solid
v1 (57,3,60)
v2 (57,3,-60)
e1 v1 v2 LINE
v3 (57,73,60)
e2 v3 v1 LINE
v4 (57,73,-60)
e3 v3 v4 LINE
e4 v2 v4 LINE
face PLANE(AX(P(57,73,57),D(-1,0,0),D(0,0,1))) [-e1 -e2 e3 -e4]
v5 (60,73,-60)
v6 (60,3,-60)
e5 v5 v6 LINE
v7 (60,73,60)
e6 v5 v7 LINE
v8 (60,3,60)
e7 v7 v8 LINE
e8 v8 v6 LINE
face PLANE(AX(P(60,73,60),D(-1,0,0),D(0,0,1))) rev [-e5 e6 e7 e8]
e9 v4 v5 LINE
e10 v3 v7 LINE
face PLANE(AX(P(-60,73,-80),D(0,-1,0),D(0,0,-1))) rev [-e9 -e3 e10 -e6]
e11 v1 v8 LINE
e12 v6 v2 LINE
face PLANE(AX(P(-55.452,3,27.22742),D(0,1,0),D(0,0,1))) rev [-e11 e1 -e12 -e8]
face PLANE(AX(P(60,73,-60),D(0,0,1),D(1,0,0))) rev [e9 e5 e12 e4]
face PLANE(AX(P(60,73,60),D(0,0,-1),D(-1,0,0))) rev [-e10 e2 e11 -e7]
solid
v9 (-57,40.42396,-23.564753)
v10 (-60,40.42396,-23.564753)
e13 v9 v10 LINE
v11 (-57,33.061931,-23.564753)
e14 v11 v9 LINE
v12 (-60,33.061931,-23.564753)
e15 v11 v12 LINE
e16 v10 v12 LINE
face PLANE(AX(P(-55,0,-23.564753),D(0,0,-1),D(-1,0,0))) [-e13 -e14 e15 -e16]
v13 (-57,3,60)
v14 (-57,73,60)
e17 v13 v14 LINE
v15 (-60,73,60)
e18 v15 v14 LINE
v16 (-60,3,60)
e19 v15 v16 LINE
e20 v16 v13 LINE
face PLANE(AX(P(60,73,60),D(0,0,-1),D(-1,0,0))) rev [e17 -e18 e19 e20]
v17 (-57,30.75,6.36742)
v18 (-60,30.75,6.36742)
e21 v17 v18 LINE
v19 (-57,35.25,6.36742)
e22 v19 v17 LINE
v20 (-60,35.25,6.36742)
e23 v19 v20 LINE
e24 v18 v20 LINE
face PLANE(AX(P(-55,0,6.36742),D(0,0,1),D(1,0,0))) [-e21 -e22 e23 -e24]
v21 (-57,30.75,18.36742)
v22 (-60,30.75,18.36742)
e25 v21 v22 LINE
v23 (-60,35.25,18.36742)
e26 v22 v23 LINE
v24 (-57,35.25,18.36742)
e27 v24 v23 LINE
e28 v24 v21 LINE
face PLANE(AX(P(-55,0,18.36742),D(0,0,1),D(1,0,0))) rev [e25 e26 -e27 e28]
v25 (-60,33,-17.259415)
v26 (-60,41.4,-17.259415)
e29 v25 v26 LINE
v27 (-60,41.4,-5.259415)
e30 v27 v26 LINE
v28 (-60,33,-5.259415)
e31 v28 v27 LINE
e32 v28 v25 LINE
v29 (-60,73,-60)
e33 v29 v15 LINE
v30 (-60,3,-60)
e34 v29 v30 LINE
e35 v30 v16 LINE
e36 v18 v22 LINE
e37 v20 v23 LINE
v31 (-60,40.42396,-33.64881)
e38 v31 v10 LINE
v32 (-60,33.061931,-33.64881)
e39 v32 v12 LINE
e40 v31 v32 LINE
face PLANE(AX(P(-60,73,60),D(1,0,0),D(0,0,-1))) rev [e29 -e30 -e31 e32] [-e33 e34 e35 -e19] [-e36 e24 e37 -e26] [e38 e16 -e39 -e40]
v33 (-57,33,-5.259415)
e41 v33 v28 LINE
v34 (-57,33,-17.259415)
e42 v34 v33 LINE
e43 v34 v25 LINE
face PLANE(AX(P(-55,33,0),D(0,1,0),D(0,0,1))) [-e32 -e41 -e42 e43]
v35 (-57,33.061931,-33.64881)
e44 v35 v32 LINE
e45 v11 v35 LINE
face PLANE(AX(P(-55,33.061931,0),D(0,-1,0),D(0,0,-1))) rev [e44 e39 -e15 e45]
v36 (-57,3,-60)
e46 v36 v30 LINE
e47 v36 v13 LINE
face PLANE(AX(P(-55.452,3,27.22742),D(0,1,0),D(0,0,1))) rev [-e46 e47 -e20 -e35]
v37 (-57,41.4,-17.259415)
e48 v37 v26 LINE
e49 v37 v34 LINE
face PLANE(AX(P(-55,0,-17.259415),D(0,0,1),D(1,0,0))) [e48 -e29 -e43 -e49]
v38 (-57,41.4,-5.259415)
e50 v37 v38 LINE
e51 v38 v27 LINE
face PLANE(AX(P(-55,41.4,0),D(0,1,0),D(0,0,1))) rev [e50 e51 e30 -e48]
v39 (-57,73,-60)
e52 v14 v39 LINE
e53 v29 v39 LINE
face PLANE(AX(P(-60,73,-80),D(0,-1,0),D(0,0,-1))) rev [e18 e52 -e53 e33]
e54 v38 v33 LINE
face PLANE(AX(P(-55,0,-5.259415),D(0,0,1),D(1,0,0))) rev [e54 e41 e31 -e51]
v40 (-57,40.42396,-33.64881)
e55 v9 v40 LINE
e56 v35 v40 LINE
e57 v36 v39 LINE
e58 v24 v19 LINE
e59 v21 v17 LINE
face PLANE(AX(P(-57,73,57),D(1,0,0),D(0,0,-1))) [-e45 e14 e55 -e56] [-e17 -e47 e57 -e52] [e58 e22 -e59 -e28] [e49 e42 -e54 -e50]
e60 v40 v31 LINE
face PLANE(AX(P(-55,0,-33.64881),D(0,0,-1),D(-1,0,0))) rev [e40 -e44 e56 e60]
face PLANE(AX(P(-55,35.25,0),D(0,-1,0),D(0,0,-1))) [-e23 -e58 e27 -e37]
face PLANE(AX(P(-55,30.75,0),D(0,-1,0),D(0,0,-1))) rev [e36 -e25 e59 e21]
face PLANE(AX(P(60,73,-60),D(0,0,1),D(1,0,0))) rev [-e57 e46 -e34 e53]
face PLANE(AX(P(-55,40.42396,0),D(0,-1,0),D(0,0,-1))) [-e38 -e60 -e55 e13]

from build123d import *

# Parameters (mm, degrees)
SKETCH1_W           = 140
SKETCH1_H           = 160
BOSS_EXTRUDE1_DEPTH = 3
SKETCH2_W           = 120
SKETCH2_H           = 120
SKETCH2_W_2         = 114
SKETCH2_H_2         = 114
BOSS_EXTRUDE2_DEPTH = 70
SKETCH4_W           = 120
SKETCH4_H           = 120
BOSS_EXTRUDE4_DEPTH = 3
SKETCH5_R           = 2.1
SKETCH5_W           = 39.9
SKETCH5_H           = 19.71
CUT_EXTRUDE2_DEPTH  = 3
SKETCH6_W           = 18.298163042
SKETCH6_H           = 17.309993256
CUT_EXTRUDE3_DEPTH  = 3
CUT_EXTRUDE8_DEPTH  = 5
SKETCH15_W          = 259.021634325
SKETCH15_H          = 180.269434884
BOSS_EXTRUDE5_DEPTH = 3
SKETCH18_R          = 1.6
CUT_EXTRUDE9_DEPTH  = 10
SKETCH19_W          = 12
SKETCH19_H          = 4.5
SKETCH19_H_2        = 8.4
SKETCH19_W_2        = 10.084057066
SKETCH19_H_3        = 7.362028533
CUT_EXTRUDE11_DEPTH = 5
SKETCH20_W          = 263.921538054
SKETCH20_H          = 19.630552878
SKETCH20_W_2        = 120
SKETCH20_H_2        = 3
CUT_EXTRUDE12_DEPTH = 233.259150239
SKETCH21_W          = 259.021634325
SKETCH21_H          = 40.269434884
CUT_EXTRUDE13_DEPTH = 209.619923406
SKETCH22_W          = 114
SKETCH22_H          = 125.782417664
CUT_EXTRUDE14_DEPTH = 111


with BuildPart() as part:
    # Sketch1 → Boss-Extrude1 (new body)
    with BuildSketch(Plane(origin=(0, 0, 0), x_dir=(1, 0, 0), z_dir=(0, 1, 0))):
        Rectangle(SKETCH1_W, SKETCH1_H)
    extrude(amount=BOSS_EXTRUDE1_DEPTH)

    # Sketch2 → Boss-Extrude2 (add)
    with BuildSketch(Plane(origin=(0, 3, 0), x_dir=(1, 0, 0), z_dir=(0, 1, 0))):
        Rectangle(SKETCH2_W, SKETCH2_H)
        Rectangle(SKETCH2_W_2, SKETCH2_H_2, mode=Mode.SUBTRACT)
    extrude(amount=BOSS_EXTRUDE2_DEPTH)

    # Sketch4 → Boss-Extrude4 (add)
    with BuildSketch(Plane(origin=(0, 73, 0), x_dir=(1, 0, 0), z_dir=(0, 1, 0))):
        Rectangle(SKETCH4_W, SKETCH4_H)
    extrude(amount=BOSS_EXTRUDE4_DEPTH)

    # Sketch5 → Cut-Extrude2 (cut)
    with BuildSketch(Plane(origin=(0, 76, 0), x_dir=(1, 0, 0), z_dir=(0, 1, 0))):
        with Locations(Location((34.39, -4.925, 0), (0, 0, 270))):
            Circle(SKETCH5_R)
        with Locations(Location((34.39, 4.925, 0), (0, 0, 270))):
            Circle(SKETCH5_R)
        with Locations(Location((-15.03, -4.925, 0), (0, 0, 270))):
            Circle(SKETCH5_R)
        with Locations(Location((-15.03, 4.925, 0), (0, 0, 270))):
            Circle(SKETCH5_R)
        with Locations((9.68, 0)):
            Rectangle(SKETCH5_W, SKETCH5_H)
    extrude(amount=-CUT_EXTRUDE2_DEPTH, mode=Mode.SUBTRACT)

    # Sketch6 → Cut-Extrude3 (cut)
    with BuildSketch(Plane(origin=(0, 76, 0), x_dir=(1, 0, 0), z_dir=(0, 1, 0))):
        Rectangle(SKETCH6_W, SKETCH6_H)
    extrude(amount=-CUT_EXTRUDE3_DEPTH, mode=Mode.SUBTRACT)

    # Sketch13 → Cut-Extrude8 (cut)
    with BuildSketch(Plane(origin=(0, 76, 0), x_dir=(1, 0, 0), z_dir=(0, 1, 0))):
        with BuildLine():
            ThreePointArc((-3.792582359, 49.728765052), (-53.491503795, -1.722579942), (-0.349490011, -49.609426409))
            ThreePointArc((-0.349490011, -49.609426409), (5.82592347, -42.51288634), (-1.270616599, -36.337472859))
            ThreePointArc((-1.270616599, -36.337472859), (-40.195607742, -1.261740085), (-3.792582359, 36.42488497))
            ThreePointArc((-3.792582359, 36.42488497), (2.859357682, 43.076825011), (-3.792582359, 49.728765052))
        make_face()
    extrude(amount=-CUT_EXTRUDE8_DEPTH, mode=Mode.SUBTRACT)

    # Sketch15 → Boss-Extrude5 (add)
    with BuildSketch(Plane(origin=(0, 3, 0), x_dir=(1, 0, 0), z_dir=(0, 1, 0))):
        with Locations((-39.510817163, -10.134717442)):
            Rectangle(SKETCH15_W, SKETCH15_H)
    extrude(amount=-BOSS_EXTRUDE5_DEPTH)

    # Sketch18 → Cut-Extrude9 (cut)
    with BuildSketch(Plane(origin=(0, 3, 0), x_dir=(1, 0, 0), z_dir=(0, 1, 0))):
        with Locations(Location((-55.452, -27.227420358, 0), (0, 0, 194.647469308))):
            Circle(SKETCH18_R)
        with Locations(Location((-55.452, 32.208579642, 0), (0, 0, 194.647469308))):
            Circle(SKETCH18_R)
        with Locations(Location((4.746, 32.208579642, 0), (0, 0, 270))):
            Circle(SKETCH18_R)
        with Locations(Location((4.746, -27.227420358, 0), (0, 0, 270))):
            Circle(SKETCH18_R)
    extrude(amount=-CUT_EXTRUDE9_DEPTH, mode=Mode.SUBTRACT)

    # Sketch19 → Cut-Extrude11 (cut)
    with BuildSketch(Plane.ZY.offset(60)):
        with Locations((12.367420358, 33)):
            Rectangle(SKETCH19_W, SKETCH19_H)
        with Locations((-11.259414931, 37.2)):
            Rectangle(SKETCH19_W, SKETCH19_H_2)
        with Locations((-28.606781654, 36.742945388)):
            Rectangle(SKETCH19_W_2, SKETCH19_H_3)
    extrude(amount=-CUT_EXTRUDE11_DEPTH, mode=Mode.SUBTRACT)

    # Sketch20 → Cut-Extrude12 (cut, through all)
    with BuildSketch(Plane.XY.offset(60)):
        with Locations((-37.060865298, -6.815276439)):
            Rectangle(SKETCH20_W, SKETCH20_H)
        with Locations((0, 74.5)):
            Rectangle(SKETCH20_W_2, SKETCH20_H_2)
    extrude(amount=-CUT_EXTRUDE12_DEPTH, mode=Mode.SUBTRACT)


with BuildPart() as cut_extrude12_piece_1:
    # of the separate pieces the step leaves, piece 1, a body of its own (cut_extrude12_pieces)
    add(part.part.solids().sort_by_distance((60, 73, 60))[0])

    # Sketch22 → Cut-Extrude14 (cut, through all)
    with BuildSketch(Plane(origin=(0, 73, 0), x_dir=(1, 0, 0), z_dir=(0, 1, 0))):
        with Locations((0, -2.891208832)):
            Rectangle(SKETCH22_W, SKETCH22_H)
    extrude(amount=-CUT_EXTRUDE14_DEPTH, mode=Mode.SUBTRACT)


with BuildPart() as cut_extrude12_piece_2:
    # of the separate pieces the step leaves, piece 2, a body of its own (cut_extrude12_pieces)
    add(part.part.solids().sort_by_distance((90, 0, 60))[0])

    # Sketch21 → Cut-Extrude13 (cut, through all)
    with BuildSketch(Plane(origin=(0, 3, 0), x_dir=(1, 0, 0), z_dir=(0, 1, 0))):
        with Locations((-39.510817163, -80.134717442)):
            Rectangle(SKETCH21_W, SKETCH21_H)
    extrude(amount=-CUT_EXTRUDE13_DEPTH, mode=Mode.SUBTRACT)


with BuildPart() as cut_extrude14_piece_1:
    # of the separate pieces the step leaves, piece 1, a body of its own (cut_extrude14_pieces)
    add(cut_extrude12_piece_1.part.solids().sort_by_distance((60, 73, 60))[0])


with BuildPart() as cut_extrude14_piece_2:
    # of the separate pieces the step leaves, piece 2, a body of its own (cut_extrude14_pieces)
    add(cut_extrude12_piece_1.part.solids().sort_by_distance((-57, 3, 60))[0])


solid = Compound([cut_extrude14_piece_1.part, cut_extrude14_piece_2.part])
